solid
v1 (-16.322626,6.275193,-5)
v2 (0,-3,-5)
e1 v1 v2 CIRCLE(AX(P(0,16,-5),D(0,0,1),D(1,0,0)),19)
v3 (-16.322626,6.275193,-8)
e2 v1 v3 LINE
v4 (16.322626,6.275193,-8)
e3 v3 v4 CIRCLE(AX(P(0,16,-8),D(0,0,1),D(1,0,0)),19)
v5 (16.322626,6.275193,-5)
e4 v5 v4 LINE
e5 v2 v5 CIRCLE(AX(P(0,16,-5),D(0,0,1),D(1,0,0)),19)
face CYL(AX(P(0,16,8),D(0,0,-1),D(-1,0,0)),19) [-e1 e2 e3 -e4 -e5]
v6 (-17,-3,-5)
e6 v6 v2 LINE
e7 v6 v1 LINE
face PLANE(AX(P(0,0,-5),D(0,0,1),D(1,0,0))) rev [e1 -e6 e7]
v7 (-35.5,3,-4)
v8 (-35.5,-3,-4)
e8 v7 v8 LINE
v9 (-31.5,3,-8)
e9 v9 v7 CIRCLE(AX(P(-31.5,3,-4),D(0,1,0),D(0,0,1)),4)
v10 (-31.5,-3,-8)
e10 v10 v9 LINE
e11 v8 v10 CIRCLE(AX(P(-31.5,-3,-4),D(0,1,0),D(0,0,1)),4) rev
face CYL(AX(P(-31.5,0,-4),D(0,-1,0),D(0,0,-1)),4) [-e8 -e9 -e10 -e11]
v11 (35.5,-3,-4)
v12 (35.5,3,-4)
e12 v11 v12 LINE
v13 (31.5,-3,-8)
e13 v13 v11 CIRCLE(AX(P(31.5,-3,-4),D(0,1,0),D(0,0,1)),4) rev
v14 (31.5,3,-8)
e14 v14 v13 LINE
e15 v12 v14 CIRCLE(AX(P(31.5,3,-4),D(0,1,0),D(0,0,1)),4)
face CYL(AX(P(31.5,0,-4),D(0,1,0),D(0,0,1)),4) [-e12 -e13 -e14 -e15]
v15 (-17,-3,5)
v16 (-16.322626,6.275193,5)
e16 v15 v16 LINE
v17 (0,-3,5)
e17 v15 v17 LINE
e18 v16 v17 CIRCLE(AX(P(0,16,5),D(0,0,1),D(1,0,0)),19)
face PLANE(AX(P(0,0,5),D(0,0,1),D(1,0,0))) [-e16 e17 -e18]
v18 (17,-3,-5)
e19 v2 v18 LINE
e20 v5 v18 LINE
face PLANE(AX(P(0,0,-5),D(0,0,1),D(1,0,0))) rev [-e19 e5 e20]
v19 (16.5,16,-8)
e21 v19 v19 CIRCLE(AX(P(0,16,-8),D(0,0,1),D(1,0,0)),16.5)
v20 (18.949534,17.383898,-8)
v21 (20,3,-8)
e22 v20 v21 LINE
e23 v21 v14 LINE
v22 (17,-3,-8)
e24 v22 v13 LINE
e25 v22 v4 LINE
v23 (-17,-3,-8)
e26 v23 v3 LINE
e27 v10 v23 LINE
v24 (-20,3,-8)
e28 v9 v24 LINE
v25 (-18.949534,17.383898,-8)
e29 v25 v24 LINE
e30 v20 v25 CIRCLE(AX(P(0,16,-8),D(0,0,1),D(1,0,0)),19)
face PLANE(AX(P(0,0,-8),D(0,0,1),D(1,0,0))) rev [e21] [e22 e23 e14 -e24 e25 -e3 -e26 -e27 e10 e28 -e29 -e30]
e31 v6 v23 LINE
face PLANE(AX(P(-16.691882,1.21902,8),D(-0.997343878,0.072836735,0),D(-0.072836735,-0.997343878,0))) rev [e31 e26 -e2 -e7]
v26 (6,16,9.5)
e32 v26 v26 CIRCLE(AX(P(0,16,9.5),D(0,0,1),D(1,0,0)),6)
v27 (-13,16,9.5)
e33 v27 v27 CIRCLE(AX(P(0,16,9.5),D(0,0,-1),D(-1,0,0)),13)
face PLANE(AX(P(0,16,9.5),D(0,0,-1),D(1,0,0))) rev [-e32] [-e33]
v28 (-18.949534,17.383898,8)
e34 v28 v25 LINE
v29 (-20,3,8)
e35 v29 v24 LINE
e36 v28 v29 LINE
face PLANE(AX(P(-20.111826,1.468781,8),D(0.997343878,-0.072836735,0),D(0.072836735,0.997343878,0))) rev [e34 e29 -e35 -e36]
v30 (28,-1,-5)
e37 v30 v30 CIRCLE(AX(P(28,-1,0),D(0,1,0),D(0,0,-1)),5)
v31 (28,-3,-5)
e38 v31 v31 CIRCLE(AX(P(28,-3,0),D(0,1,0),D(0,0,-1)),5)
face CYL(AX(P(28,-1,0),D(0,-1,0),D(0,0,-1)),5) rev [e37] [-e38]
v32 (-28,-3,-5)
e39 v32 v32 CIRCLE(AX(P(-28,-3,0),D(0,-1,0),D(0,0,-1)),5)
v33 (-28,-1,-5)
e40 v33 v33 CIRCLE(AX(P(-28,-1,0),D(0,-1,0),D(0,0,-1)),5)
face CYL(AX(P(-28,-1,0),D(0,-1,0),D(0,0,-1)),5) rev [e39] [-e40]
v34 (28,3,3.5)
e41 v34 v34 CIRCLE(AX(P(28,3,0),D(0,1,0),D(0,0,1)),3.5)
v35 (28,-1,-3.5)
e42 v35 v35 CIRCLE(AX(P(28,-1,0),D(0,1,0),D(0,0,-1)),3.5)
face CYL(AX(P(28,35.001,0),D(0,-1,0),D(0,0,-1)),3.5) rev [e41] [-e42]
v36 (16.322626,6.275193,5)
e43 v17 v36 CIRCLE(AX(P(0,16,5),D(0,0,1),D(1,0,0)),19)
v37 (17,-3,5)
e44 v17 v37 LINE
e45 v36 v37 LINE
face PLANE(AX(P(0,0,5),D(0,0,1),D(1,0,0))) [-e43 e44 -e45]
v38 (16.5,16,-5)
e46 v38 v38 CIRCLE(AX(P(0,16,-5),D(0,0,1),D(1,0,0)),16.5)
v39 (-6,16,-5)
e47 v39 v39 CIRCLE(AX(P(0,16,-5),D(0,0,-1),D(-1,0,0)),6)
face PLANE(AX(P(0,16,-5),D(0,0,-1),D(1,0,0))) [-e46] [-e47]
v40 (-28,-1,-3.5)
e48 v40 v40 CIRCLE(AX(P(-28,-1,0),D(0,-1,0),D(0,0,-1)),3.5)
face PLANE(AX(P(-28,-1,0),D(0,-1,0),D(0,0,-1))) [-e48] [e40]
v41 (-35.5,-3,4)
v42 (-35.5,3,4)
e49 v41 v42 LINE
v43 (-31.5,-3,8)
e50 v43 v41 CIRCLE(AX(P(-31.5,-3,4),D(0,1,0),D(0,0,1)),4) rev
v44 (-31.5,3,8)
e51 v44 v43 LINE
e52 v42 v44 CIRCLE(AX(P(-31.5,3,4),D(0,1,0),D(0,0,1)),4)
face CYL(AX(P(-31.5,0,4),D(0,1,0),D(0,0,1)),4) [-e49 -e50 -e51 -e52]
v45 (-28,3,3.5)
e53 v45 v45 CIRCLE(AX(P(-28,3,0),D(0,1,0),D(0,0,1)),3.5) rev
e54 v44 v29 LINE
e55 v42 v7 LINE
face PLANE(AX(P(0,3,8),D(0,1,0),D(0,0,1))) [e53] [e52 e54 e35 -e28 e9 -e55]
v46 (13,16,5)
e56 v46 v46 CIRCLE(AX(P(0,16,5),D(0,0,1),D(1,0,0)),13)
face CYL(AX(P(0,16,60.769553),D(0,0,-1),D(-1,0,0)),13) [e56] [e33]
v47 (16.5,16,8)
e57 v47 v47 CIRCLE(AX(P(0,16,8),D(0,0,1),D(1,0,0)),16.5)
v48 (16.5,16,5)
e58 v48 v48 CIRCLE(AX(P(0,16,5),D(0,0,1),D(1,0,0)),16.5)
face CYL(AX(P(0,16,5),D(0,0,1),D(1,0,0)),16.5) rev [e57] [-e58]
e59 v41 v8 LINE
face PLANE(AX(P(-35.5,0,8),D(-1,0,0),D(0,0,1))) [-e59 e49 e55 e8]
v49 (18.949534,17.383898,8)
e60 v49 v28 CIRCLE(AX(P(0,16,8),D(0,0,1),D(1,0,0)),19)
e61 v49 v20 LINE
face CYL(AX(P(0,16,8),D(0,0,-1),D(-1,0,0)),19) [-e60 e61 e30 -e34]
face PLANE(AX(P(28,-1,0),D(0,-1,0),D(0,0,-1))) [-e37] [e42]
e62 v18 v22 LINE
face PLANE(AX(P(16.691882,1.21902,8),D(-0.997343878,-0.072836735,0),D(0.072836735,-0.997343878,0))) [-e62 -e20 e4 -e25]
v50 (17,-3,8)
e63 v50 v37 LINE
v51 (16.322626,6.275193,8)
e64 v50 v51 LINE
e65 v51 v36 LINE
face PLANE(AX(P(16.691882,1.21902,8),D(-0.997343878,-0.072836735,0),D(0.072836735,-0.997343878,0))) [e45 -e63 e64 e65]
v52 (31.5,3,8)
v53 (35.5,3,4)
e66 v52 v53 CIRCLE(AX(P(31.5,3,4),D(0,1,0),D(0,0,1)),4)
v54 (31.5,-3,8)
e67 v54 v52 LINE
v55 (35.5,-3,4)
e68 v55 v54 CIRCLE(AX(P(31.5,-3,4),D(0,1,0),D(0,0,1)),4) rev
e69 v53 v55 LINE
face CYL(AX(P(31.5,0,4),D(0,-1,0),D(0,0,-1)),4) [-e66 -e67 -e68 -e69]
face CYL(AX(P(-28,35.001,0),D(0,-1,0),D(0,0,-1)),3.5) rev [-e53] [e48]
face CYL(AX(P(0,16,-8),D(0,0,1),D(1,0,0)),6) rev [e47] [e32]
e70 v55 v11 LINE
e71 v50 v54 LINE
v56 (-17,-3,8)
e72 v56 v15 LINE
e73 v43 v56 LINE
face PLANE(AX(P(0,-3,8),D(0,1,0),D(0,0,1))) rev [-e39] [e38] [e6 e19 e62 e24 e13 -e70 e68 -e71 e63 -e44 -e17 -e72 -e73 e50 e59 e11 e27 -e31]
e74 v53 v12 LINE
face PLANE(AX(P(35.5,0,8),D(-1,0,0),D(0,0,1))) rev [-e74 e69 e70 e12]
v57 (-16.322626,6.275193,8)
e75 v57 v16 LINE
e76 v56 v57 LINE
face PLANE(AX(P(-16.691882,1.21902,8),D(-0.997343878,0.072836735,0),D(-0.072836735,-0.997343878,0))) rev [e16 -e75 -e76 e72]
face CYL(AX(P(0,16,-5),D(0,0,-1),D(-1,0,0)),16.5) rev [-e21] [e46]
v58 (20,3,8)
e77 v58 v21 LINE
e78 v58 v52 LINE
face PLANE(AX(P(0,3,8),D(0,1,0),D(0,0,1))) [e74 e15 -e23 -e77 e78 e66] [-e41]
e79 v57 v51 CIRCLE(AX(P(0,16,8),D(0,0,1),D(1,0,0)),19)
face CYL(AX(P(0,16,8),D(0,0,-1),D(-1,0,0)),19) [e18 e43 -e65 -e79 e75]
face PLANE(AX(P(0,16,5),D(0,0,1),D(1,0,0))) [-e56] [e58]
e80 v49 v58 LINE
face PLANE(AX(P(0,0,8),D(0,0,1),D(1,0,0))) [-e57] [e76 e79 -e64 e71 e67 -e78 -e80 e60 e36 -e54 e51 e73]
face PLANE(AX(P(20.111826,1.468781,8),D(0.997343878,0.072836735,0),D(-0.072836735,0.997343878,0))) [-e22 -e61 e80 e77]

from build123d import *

# Parameters (mm, degrees)
EXTRUDE_1_DEPTH     = 8
EXTRUDE_2_DEPTH     = 5
SKETCH_4_R          = 16.5
CUT_EXTRUDE_1_DEPTH = 3
SKETCH_5_R          = 13
EXTRUDE_3_DEPTH     = 4.5
SKETCH_6_R          = 6
CUT_EXTRUDE_3_DEPTH = 53.834647723
FILLET_1_R          = 4
SKETCH_7_R          = 5
CUT_EXTRUDE_4_DEPTH = 2
CUT_EXTRUDE_5_REACH = 53.444
SKETCH_8_R          = 3.5


with BuildPart() as part:
    # 草图1 → 凸台-拉伸1 (new, symmetric)
    with BuildSketch(Plane.XY):
        with BuildLine():
            ThreePointArc((-16.322626067, 6.275192635), (0, -3), (16.322626067, 6.275192635))
            Line((16.322626067, 6.275192635), (17, -3))
            Line((17, -3), (35.5, -3))
            Line((35.5, -3), (35.5, 3))
            Line((35.5, 3), (20, 3))
            Line((20, 3), (18.949533673, 17.383897959))
            ThreePointArc((18.949533673, 17.383897959), (0, 35), (-18.949533673, 17.383897959))
            Line((-18.949533673, 17.383897959), (-20, 3))
            Line((-20, 3), (-35.5, 3))
            Line((-35.5, 3), (-35.5, -3))
            Line((-35.5, -3), (-17, -3))
            Line((-17, -3), (-16.322626067, 6.275192635))
        make_face()
    extrude(amount=EXTRUDE_1_DEPTH, both=True)

    # 草图3 → 凸台-拉伸2 (add, symmetric)
    with BuildSketch(Plane.XY):
        with BuildLine():
            Line((-16.322626067, 6.275192635), (-17, -3))
            Line((-17, -3), (-6e-08, -3))
            ThreePointArc((-6e-08, -3), (-9.386923379, -0.519251481), (-16.322626067, 6.275192635))
        make_face()
        with BuildLine():
            ThreePointArc((16.322626067, 6.275192635), (9.386923327, -0.51925151), (-6e-08, -3))
            Line((-6e-08, -3), (17, -3))
            Line((17, -3), (16.322626067, 6.275192635))
        make_face()
    extrude(amount=EXTRUDE_2_DEPTH, both=True)

    # 草图4 → 切除-拉伸1 (cut)
    with BuildSketch(Plane.XY.offset(8)):
        with Locations((0, 16)):
            Circle(SKETCH_4_R)
    cut_extrude_1 = extrude(amount=-CUT_EXTRUDE_1_DEPTH, mode=Mode.SUBTRACT)

    # 镜向1: 切除-拉伸1 across plane
    add(cut_extrude_1.mirror(Plane.XY), mode=Mode.SUBTRACT)

    # 草图5 → 凸台-拉伸3 (add)
    with BuildSketch(Plane.XY.offset(5)):
        with Locations(Location((0, 16, 0), (0, 0, 180))):
            Circle(SKETCH_5_R)
    extrude(amount=EXTRUDE_3_DEPTH)

    # 草图6 → 切除-拉伸3 (cut, through all)
    with BuildSketch(Plane.XY.offset(9.5)):
        with Locations((0, 16)):
            Circle(SKETCH_6_R)
    extrude(amount=-CUT_EXTRUDE_3_DEPTH, mode=Mode.SUBTRACT)

    # 圆角1
    fillet_1_edges = [part.edges().sort_by_distance(p)[0] for p in [
        (-35.5, 0, -8),
        (35.5, 0, -8),
        (35.5, 0, 8),
        (-35.5, 0, 8),
    ]]
    fillet(fillet_1_edges, radius=FILLET_1_R)

    # 草图7 → 切除-拉伸4 (cut)
    with BuildSketch(Plane.XZ.offset(3)):
        with Locations(Location((-28, 0, 0), (0, 0, 270))):
            Circle(SKETCH_7_R)
    cut_extrude_4 = extrude(amount=-CUT_EXTRUDE_4_DEPTH, mode=Mode.SUBTRACT)

    # 草图8 → 切除-拉伸5 (cut, up to next)
    with BuildSketch(Plane.XZ.offset(1), mode=Mode.PRIVATE) as cut_extrude_5_sk1:
        with Locations(Location((-28, 0, 0), (0, 0, 270))):
            Circle(SKETCH_8_R)
    cut_extrude_5_tool1 = extrude(cut_extrude_5_sk1.sketch, amount=-CUT_EXTRUDE_5_REACH, mode=Mode.PRIVATE) & part.part
    cut_extrude_5 = cut_extrude_5_tool1.solids().sort_by_distance((-28, -1, 0))[0]
    add(cut_extrude_5, mode=Mode.SUBTRACT)

    # 镜向2: 切除-拉伸4, 切除-拉伸5 across plane
    add(cut_extrude_4.mirror(Plane(origin=(0, 0, 0), x_dir=(0, 0, 1), z_dir=(1, 0, 0))), mode=Mode.SUBTRACT)
    add(cut_extrude_5.mirror(Plane(origin=(0, 0, 0), x_dir=(0, 0, 1), z_dir=(1, 0, 0))), mode=Mode.SUBTRACT)


solid = part.part
